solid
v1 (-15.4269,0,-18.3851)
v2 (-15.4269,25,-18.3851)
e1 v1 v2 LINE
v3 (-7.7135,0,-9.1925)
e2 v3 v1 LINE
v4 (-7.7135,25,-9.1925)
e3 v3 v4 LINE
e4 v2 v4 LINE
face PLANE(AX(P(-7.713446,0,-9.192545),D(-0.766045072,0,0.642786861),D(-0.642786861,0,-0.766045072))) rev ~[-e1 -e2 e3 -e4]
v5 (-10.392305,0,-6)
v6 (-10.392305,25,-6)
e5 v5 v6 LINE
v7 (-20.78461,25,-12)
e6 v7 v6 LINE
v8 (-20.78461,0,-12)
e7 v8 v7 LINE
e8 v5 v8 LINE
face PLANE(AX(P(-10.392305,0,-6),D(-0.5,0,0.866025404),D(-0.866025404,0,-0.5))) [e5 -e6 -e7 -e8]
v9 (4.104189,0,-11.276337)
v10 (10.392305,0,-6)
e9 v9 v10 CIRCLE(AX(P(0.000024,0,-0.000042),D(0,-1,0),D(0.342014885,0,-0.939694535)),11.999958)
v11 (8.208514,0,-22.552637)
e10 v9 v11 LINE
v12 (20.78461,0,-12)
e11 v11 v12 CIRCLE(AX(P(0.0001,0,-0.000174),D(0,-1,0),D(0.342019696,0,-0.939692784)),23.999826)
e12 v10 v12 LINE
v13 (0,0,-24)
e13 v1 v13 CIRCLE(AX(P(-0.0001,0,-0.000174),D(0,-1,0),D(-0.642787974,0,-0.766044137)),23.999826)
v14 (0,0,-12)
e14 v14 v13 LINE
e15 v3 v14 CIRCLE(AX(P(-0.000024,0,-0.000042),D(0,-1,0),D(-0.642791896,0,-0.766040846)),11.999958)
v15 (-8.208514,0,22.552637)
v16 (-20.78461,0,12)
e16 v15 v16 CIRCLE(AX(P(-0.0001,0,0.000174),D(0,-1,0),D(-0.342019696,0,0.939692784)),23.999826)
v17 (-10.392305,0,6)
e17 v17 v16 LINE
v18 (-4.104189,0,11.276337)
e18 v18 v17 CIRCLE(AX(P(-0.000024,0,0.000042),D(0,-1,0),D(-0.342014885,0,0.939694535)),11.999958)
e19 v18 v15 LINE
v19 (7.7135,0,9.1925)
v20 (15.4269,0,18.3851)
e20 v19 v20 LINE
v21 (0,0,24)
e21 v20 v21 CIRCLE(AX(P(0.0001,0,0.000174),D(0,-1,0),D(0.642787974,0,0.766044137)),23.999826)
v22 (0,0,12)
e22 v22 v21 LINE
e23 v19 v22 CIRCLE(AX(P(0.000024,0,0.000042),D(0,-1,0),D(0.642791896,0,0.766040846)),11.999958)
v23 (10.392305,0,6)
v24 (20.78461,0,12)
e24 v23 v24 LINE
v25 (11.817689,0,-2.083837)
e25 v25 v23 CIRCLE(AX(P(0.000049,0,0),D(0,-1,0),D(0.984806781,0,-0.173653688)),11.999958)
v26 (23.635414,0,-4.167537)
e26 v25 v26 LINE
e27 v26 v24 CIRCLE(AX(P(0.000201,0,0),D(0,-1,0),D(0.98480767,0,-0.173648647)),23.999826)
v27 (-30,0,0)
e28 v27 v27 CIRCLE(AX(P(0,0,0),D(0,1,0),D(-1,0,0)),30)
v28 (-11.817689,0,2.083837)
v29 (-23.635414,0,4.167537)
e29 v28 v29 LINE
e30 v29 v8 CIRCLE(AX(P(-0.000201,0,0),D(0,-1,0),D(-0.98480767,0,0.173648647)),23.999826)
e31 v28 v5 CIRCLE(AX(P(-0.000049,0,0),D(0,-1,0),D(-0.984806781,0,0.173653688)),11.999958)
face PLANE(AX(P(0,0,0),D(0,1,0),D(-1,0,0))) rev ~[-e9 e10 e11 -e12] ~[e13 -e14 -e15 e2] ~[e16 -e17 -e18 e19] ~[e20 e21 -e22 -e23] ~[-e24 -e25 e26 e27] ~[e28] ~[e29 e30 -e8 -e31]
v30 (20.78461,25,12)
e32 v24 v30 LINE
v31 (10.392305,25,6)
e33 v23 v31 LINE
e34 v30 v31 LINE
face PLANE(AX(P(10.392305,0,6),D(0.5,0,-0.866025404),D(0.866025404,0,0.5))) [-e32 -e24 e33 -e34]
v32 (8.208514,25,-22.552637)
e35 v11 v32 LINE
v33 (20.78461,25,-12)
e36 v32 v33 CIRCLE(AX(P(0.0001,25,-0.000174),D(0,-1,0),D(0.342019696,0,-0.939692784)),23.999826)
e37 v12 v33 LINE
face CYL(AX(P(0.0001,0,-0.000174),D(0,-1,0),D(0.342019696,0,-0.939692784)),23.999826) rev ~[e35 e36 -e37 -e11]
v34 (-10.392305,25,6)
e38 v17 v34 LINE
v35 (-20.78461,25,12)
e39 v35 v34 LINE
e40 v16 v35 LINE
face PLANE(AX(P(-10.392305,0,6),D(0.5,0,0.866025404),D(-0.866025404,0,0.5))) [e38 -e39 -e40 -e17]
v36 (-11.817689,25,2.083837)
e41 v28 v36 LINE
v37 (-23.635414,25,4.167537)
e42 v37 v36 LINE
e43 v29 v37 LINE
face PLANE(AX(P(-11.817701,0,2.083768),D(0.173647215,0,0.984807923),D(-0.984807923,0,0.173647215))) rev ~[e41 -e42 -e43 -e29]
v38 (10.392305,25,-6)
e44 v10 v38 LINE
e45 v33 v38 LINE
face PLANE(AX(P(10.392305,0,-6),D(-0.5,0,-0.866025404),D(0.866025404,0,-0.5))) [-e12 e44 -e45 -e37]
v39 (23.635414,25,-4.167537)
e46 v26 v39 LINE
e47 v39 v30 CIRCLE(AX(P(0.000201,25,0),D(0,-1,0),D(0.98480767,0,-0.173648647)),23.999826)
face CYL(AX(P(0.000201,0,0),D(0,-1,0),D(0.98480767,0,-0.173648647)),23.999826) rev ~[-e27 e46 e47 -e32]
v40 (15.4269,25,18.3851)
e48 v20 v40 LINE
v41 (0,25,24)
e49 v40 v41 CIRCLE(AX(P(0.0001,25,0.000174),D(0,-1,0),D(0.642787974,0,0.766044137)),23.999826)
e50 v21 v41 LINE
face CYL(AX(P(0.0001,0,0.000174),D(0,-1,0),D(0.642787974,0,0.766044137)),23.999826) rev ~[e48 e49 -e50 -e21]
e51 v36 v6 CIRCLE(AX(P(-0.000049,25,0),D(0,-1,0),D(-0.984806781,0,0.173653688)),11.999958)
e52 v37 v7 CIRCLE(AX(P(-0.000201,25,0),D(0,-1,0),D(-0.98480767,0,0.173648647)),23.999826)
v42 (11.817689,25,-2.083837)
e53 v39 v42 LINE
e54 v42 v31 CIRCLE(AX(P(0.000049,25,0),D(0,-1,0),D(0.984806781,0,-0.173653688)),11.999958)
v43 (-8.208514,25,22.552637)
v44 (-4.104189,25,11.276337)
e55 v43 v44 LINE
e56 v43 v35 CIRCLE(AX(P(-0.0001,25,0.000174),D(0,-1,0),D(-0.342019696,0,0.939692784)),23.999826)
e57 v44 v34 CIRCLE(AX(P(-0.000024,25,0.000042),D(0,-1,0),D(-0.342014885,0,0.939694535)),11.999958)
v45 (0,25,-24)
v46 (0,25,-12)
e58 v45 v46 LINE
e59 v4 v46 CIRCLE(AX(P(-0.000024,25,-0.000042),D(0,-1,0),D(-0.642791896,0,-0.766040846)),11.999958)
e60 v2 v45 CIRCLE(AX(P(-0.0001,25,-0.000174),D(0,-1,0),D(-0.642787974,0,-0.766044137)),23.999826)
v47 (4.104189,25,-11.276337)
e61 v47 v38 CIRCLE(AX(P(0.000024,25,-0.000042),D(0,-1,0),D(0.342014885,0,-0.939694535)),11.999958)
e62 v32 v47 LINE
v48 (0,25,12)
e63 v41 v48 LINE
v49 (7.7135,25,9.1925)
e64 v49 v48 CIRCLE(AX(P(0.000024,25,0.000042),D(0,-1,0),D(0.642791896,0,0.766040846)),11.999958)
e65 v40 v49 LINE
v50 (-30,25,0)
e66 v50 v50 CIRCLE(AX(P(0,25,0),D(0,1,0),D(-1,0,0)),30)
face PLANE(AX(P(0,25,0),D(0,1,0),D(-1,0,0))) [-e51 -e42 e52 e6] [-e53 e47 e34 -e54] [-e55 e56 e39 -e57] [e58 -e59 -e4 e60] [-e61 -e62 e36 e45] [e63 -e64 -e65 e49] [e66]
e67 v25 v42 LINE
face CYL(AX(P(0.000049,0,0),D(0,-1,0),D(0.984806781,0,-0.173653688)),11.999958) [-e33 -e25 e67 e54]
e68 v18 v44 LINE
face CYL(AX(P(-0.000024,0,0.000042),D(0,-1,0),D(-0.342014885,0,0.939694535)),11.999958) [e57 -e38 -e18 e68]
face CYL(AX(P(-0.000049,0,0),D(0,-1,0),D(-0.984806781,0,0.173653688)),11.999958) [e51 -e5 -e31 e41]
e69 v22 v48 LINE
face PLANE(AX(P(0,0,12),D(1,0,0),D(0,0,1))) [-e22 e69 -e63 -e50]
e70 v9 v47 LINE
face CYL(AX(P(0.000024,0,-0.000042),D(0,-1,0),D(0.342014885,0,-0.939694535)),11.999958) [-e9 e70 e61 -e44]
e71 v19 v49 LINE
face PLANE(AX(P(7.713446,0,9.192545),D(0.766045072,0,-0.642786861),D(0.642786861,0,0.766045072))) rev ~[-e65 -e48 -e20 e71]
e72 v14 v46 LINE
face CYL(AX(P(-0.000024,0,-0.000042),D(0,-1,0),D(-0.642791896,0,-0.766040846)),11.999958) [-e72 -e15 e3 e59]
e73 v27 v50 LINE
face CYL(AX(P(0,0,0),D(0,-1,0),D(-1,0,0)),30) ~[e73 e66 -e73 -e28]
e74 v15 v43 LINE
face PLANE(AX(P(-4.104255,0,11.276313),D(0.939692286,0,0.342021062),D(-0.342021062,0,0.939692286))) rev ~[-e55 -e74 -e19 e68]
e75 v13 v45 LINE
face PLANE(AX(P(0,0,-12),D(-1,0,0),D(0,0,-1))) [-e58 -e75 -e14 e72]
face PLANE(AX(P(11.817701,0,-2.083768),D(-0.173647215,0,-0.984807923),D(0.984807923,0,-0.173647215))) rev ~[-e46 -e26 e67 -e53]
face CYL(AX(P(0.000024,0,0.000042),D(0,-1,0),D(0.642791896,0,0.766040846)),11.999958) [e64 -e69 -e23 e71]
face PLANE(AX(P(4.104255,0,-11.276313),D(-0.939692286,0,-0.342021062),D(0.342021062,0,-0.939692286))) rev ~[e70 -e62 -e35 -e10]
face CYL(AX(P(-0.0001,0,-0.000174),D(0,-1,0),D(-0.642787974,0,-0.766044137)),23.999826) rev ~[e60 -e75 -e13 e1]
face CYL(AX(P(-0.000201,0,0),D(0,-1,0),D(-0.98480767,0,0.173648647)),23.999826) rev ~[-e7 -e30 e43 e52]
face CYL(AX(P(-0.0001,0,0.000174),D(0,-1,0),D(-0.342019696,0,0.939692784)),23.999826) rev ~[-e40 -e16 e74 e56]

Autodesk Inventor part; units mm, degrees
ref_plane "YZ Plane" through (0, 0, 0) normal (1, 0, 0) x (0, 1, 0)
ref_plane "XZ Plane" through (0, 0, 0) normal (0, 1, 0) x (-1, 0, 0)
ref_plane "XY Plane" through (0, 0, 0) normal (0, 0, 1) x (1, 0, 0)
sketch "Sketch1" plane through (0, 0, 0) normal (0, 1, 0) x (-1, 0, 0)
  circle A0 centre (0, 0) radius 30
  dimension "d0" = 60
extrude "Extrusion1" add sketch "Sketch1" along normal blind 25
sketch "Sketch2" plane through (0, 0, 0) normal (0, -1, 0) x (1, 0, 0)
  line L0 (0, 0) -> (0, 24)
  arc A0 (15.4269, 18.3851) -> (0, 24) centre (0, 0) ccw
  arc A1 (7.7135, 9.1925) -> (0, 12) centre (0, 0) ccw
  line L1 (0, 0) -> (15.4269, 18.3851)
  dimension "d3" = 40
  dimension "d4" = 12
  dimension "d5" = 24
extrude "Extrusion2" cut sketch "Sketch2" against normal through all contours L0 A0 L1 A1
pattern_circular "Circular Pattern1" count 6 over 360 about axis through (0, 0, 0) along (0, 1, 0) of "Extrusion2"
properties part number "Small Flywheel"
